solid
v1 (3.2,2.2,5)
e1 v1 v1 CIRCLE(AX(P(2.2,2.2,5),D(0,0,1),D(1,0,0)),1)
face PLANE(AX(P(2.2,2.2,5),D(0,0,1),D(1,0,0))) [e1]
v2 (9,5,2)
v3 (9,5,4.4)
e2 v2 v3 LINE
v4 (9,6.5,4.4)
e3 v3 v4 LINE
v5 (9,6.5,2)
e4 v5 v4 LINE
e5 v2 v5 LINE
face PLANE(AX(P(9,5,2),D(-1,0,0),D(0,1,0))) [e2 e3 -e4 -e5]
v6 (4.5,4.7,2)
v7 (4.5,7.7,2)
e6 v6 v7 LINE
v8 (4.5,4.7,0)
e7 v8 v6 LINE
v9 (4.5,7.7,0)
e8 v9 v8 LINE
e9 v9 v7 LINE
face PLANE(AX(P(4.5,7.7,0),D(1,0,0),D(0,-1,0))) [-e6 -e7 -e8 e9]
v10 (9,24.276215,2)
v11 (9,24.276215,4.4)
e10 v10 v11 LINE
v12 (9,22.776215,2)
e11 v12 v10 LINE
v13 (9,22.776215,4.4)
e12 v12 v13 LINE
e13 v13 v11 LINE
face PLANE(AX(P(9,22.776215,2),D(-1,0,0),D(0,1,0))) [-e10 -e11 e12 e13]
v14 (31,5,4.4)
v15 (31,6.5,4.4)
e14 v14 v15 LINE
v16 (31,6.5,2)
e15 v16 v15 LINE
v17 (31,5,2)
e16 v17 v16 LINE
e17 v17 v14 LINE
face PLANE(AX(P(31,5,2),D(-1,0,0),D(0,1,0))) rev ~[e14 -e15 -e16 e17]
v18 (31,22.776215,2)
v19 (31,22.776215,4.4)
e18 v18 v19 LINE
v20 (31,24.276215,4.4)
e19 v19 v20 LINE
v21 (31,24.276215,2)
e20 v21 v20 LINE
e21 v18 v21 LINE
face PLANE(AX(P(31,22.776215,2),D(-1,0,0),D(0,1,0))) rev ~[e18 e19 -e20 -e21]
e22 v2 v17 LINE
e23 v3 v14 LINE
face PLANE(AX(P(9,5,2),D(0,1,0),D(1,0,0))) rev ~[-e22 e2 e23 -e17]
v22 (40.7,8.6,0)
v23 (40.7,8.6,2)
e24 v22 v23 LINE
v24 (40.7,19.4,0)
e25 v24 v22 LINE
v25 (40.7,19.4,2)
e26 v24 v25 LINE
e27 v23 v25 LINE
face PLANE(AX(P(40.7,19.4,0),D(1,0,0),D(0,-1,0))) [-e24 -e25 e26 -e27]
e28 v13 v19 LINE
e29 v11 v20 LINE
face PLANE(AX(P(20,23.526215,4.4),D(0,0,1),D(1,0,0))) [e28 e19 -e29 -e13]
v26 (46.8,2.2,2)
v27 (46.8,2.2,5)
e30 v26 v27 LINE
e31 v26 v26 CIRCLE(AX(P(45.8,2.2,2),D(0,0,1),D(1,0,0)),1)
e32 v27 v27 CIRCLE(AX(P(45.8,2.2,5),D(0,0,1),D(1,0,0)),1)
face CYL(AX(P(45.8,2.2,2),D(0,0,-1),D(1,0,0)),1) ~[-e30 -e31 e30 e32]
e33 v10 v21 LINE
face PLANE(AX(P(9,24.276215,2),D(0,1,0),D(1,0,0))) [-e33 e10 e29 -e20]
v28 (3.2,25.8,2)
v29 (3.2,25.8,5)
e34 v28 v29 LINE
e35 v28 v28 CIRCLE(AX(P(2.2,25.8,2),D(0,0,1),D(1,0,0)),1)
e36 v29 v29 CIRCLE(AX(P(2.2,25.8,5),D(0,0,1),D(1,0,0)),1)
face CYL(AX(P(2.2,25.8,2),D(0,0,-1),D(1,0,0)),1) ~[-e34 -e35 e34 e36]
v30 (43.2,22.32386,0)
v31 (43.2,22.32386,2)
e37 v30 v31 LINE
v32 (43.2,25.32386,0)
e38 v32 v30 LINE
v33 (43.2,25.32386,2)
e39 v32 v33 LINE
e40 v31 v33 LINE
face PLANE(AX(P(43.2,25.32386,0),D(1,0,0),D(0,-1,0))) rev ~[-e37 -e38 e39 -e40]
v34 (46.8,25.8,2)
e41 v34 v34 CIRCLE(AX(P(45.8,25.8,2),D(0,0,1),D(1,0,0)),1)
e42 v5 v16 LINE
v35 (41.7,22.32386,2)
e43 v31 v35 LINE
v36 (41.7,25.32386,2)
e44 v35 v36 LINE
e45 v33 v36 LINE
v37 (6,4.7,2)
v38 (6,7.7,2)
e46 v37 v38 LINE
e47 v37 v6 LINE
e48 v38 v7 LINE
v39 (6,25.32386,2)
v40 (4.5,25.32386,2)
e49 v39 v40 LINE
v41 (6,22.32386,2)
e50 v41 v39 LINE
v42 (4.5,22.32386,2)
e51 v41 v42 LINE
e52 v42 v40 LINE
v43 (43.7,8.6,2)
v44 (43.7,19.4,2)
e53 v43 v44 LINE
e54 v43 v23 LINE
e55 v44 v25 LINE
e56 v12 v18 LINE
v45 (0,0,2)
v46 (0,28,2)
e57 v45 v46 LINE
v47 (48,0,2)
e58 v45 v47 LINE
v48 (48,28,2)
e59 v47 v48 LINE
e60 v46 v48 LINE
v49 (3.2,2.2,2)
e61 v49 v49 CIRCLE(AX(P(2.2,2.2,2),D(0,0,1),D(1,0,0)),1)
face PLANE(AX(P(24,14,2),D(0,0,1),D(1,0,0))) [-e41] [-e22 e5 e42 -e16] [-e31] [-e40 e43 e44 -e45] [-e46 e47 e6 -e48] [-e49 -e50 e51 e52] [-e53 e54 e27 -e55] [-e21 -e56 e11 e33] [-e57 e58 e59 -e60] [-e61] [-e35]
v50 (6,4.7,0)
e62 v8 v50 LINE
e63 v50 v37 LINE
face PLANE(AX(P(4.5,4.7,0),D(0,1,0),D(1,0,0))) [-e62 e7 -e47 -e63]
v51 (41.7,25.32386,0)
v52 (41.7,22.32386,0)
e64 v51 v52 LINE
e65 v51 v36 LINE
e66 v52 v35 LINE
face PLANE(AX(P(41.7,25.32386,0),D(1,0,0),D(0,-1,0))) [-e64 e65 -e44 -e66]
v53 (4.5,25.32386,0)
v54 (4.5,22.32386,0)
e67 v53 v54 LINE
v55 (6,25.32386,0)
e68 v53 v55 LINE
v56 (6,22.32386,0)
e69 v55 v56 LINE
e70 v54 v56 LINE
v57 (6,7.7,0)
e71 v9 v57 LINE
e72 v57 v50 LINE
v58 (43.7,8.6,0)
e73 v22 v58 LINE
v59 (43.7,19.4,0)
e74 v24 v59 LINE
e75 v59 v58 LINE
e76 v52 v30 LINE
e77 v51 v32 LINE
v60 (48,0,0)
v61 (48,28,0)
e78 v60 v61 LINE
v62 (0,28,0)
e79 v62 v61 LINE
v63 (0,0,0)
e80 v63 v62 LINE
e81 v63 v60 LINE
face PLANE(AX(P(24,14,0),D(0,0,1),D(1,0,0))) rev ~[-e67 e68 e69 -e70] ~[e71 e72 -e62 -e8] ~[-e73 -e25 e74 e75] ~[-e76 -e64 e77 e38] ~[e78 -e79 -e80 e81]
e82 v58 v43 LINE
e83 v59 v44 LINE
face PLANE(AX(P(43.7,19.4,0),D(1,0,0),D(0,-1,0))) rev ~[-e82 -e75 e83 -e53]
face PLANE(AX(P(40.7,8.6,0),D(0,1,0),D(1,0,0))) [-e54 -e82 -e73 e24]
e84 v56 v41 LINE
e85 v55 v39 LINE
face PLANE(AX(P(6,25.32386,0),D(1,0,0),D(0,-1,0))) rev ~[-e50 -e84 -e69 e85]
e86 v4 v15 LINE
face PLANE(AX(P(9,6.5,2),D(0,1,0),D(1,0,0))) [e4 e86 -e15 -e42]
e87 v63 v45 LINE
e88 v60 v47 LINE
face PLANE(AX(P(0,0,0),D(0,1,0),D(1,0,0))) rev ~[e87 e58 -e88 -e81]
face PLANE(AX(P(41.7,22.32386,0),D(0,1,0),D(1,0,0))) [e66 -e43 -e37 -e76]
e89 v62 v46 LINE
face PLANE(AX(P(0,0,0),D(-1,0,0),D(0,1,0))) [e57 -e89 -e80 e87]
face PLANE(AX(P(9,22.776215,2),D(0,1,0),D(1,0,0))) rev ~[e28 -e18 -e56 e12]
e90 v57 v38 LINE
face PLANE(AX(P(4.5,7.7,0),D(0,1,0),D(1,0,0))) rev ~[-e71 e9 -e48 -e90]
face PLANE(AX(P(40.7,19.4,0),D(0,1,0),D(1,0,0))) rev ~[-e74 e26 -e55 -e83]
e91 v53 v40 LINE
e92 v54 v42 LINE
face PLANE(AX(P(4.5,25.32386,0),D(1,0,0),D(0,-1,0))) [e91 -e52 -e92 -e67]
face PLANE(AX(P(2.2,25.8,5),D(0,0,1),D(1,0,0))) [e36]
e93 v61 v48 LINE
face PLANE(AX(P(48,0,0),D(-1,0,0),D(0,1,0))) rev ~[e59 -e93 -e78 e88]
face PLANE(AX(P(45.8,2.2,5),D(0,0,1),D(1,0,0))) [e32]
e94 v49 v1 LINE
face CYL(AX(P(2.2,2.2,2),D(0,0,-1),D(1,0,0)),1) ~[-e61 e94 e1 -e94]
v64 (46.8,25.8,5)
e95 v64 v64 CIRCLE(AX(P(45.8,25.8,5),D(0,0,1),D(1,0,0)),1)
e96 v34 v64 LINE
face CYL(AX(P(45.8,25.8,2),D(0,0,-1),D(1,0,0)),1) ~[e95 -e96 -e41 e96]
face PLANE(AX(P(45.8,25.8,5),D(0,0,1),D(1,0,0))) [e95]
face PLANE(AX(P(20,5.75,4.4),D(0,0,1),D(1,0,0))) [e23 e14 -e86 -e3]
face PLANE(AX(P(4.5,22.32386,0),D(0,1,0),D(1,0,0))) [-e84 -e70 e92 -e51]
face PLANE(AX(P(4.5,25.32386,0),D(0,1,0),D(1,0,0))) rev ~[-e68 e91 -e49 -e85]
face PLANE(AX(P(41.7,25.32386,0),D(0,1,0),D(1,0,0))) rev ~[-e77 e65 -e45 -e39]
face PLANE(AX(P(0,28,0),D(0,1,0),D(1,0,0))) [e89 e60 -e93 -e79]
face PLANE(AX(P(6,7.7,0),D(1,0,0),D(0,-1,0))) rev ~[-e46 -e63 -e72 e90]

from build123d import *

# Parameters (mm, degrees)
SKETCH_W      = 48
SKETCH_H      = 28
PAD_DEPTH     = 2
SKETCH001_R   = 1
PAD001_DEPTH  = 3
SKETCH003_W   = 1.5
SKETCH003_H   = 3
SKETCH003_W_2 = 3
SKETCH003_H_2 = 10.8
POCKET_DEPTH  = 5.001
SKETCH004_W   = 22
SKETCH004_H   = 1.5
PAD002_DEPTH  = 2.4


with BuildPart() as part:
    # Sketch → Pad (new body)
    with BuildSketch(Plane.XY):
        with Locations((24, 14)):
            Rectangle(SKETCH_W, SKETCH_H)
    extrude(amount=PAD_DEPTH)

    # Sketch001 → Pad001 (new body)
    with BuildSketch(Plane.XY.offset(2)):
        with Locations((2.2, 2.2)):
            Circle(SKETCH001_R)
        with Locations((2.2, 25.8)):
            Circle(SKETCH001_R)
        with Locations((45.8, 25.8)):
            Circle(SKETCH001_R)
        with Locations((45.8, 2.2)):
            Circle(SKETCH001_R)
    extrude(amount=PAD001_DEPTH)

    # Sketch003 → Pocket (cut, through all)
    with BuildSketch(Plane(origin=(0, 0, 0), x_dir=(1, 0, 0), z_dir=(0, 0, -1))):
        with Locations((5.25, -6.2)):
            Rectangle(SKETCH003_W, SKETCH003_H)
        with Locations((5.25, -23.82386)):
            Rectangle(SKETCH003_W, SKETCH003_H)
        with Locations((42.45, -23.82386)):
            Rectangle(SKETCH003_W, SKETCH003_H)
        with Locations((42.2, -14)):
            Rectangle(SKETCH003_W_2, SKETCH003_H_2)
    extrude(amount=-POCKET_DEPTH, mode=Mode.SUBTRACT)

    # Sketch004 → Pad002 (new body)
    with BuildSketch(Plane.XY.offset(2)):
        with Locations((20, 5.75)):
            Rectangle(SKETCH004_W, SKETCH004_H)
        with Locations((20, 23.526215)):
            Rectangle(SKETCH004_W, SKETCH004_H)
    extrude(amount=PAD002_DEPTH)


solid = part.part
